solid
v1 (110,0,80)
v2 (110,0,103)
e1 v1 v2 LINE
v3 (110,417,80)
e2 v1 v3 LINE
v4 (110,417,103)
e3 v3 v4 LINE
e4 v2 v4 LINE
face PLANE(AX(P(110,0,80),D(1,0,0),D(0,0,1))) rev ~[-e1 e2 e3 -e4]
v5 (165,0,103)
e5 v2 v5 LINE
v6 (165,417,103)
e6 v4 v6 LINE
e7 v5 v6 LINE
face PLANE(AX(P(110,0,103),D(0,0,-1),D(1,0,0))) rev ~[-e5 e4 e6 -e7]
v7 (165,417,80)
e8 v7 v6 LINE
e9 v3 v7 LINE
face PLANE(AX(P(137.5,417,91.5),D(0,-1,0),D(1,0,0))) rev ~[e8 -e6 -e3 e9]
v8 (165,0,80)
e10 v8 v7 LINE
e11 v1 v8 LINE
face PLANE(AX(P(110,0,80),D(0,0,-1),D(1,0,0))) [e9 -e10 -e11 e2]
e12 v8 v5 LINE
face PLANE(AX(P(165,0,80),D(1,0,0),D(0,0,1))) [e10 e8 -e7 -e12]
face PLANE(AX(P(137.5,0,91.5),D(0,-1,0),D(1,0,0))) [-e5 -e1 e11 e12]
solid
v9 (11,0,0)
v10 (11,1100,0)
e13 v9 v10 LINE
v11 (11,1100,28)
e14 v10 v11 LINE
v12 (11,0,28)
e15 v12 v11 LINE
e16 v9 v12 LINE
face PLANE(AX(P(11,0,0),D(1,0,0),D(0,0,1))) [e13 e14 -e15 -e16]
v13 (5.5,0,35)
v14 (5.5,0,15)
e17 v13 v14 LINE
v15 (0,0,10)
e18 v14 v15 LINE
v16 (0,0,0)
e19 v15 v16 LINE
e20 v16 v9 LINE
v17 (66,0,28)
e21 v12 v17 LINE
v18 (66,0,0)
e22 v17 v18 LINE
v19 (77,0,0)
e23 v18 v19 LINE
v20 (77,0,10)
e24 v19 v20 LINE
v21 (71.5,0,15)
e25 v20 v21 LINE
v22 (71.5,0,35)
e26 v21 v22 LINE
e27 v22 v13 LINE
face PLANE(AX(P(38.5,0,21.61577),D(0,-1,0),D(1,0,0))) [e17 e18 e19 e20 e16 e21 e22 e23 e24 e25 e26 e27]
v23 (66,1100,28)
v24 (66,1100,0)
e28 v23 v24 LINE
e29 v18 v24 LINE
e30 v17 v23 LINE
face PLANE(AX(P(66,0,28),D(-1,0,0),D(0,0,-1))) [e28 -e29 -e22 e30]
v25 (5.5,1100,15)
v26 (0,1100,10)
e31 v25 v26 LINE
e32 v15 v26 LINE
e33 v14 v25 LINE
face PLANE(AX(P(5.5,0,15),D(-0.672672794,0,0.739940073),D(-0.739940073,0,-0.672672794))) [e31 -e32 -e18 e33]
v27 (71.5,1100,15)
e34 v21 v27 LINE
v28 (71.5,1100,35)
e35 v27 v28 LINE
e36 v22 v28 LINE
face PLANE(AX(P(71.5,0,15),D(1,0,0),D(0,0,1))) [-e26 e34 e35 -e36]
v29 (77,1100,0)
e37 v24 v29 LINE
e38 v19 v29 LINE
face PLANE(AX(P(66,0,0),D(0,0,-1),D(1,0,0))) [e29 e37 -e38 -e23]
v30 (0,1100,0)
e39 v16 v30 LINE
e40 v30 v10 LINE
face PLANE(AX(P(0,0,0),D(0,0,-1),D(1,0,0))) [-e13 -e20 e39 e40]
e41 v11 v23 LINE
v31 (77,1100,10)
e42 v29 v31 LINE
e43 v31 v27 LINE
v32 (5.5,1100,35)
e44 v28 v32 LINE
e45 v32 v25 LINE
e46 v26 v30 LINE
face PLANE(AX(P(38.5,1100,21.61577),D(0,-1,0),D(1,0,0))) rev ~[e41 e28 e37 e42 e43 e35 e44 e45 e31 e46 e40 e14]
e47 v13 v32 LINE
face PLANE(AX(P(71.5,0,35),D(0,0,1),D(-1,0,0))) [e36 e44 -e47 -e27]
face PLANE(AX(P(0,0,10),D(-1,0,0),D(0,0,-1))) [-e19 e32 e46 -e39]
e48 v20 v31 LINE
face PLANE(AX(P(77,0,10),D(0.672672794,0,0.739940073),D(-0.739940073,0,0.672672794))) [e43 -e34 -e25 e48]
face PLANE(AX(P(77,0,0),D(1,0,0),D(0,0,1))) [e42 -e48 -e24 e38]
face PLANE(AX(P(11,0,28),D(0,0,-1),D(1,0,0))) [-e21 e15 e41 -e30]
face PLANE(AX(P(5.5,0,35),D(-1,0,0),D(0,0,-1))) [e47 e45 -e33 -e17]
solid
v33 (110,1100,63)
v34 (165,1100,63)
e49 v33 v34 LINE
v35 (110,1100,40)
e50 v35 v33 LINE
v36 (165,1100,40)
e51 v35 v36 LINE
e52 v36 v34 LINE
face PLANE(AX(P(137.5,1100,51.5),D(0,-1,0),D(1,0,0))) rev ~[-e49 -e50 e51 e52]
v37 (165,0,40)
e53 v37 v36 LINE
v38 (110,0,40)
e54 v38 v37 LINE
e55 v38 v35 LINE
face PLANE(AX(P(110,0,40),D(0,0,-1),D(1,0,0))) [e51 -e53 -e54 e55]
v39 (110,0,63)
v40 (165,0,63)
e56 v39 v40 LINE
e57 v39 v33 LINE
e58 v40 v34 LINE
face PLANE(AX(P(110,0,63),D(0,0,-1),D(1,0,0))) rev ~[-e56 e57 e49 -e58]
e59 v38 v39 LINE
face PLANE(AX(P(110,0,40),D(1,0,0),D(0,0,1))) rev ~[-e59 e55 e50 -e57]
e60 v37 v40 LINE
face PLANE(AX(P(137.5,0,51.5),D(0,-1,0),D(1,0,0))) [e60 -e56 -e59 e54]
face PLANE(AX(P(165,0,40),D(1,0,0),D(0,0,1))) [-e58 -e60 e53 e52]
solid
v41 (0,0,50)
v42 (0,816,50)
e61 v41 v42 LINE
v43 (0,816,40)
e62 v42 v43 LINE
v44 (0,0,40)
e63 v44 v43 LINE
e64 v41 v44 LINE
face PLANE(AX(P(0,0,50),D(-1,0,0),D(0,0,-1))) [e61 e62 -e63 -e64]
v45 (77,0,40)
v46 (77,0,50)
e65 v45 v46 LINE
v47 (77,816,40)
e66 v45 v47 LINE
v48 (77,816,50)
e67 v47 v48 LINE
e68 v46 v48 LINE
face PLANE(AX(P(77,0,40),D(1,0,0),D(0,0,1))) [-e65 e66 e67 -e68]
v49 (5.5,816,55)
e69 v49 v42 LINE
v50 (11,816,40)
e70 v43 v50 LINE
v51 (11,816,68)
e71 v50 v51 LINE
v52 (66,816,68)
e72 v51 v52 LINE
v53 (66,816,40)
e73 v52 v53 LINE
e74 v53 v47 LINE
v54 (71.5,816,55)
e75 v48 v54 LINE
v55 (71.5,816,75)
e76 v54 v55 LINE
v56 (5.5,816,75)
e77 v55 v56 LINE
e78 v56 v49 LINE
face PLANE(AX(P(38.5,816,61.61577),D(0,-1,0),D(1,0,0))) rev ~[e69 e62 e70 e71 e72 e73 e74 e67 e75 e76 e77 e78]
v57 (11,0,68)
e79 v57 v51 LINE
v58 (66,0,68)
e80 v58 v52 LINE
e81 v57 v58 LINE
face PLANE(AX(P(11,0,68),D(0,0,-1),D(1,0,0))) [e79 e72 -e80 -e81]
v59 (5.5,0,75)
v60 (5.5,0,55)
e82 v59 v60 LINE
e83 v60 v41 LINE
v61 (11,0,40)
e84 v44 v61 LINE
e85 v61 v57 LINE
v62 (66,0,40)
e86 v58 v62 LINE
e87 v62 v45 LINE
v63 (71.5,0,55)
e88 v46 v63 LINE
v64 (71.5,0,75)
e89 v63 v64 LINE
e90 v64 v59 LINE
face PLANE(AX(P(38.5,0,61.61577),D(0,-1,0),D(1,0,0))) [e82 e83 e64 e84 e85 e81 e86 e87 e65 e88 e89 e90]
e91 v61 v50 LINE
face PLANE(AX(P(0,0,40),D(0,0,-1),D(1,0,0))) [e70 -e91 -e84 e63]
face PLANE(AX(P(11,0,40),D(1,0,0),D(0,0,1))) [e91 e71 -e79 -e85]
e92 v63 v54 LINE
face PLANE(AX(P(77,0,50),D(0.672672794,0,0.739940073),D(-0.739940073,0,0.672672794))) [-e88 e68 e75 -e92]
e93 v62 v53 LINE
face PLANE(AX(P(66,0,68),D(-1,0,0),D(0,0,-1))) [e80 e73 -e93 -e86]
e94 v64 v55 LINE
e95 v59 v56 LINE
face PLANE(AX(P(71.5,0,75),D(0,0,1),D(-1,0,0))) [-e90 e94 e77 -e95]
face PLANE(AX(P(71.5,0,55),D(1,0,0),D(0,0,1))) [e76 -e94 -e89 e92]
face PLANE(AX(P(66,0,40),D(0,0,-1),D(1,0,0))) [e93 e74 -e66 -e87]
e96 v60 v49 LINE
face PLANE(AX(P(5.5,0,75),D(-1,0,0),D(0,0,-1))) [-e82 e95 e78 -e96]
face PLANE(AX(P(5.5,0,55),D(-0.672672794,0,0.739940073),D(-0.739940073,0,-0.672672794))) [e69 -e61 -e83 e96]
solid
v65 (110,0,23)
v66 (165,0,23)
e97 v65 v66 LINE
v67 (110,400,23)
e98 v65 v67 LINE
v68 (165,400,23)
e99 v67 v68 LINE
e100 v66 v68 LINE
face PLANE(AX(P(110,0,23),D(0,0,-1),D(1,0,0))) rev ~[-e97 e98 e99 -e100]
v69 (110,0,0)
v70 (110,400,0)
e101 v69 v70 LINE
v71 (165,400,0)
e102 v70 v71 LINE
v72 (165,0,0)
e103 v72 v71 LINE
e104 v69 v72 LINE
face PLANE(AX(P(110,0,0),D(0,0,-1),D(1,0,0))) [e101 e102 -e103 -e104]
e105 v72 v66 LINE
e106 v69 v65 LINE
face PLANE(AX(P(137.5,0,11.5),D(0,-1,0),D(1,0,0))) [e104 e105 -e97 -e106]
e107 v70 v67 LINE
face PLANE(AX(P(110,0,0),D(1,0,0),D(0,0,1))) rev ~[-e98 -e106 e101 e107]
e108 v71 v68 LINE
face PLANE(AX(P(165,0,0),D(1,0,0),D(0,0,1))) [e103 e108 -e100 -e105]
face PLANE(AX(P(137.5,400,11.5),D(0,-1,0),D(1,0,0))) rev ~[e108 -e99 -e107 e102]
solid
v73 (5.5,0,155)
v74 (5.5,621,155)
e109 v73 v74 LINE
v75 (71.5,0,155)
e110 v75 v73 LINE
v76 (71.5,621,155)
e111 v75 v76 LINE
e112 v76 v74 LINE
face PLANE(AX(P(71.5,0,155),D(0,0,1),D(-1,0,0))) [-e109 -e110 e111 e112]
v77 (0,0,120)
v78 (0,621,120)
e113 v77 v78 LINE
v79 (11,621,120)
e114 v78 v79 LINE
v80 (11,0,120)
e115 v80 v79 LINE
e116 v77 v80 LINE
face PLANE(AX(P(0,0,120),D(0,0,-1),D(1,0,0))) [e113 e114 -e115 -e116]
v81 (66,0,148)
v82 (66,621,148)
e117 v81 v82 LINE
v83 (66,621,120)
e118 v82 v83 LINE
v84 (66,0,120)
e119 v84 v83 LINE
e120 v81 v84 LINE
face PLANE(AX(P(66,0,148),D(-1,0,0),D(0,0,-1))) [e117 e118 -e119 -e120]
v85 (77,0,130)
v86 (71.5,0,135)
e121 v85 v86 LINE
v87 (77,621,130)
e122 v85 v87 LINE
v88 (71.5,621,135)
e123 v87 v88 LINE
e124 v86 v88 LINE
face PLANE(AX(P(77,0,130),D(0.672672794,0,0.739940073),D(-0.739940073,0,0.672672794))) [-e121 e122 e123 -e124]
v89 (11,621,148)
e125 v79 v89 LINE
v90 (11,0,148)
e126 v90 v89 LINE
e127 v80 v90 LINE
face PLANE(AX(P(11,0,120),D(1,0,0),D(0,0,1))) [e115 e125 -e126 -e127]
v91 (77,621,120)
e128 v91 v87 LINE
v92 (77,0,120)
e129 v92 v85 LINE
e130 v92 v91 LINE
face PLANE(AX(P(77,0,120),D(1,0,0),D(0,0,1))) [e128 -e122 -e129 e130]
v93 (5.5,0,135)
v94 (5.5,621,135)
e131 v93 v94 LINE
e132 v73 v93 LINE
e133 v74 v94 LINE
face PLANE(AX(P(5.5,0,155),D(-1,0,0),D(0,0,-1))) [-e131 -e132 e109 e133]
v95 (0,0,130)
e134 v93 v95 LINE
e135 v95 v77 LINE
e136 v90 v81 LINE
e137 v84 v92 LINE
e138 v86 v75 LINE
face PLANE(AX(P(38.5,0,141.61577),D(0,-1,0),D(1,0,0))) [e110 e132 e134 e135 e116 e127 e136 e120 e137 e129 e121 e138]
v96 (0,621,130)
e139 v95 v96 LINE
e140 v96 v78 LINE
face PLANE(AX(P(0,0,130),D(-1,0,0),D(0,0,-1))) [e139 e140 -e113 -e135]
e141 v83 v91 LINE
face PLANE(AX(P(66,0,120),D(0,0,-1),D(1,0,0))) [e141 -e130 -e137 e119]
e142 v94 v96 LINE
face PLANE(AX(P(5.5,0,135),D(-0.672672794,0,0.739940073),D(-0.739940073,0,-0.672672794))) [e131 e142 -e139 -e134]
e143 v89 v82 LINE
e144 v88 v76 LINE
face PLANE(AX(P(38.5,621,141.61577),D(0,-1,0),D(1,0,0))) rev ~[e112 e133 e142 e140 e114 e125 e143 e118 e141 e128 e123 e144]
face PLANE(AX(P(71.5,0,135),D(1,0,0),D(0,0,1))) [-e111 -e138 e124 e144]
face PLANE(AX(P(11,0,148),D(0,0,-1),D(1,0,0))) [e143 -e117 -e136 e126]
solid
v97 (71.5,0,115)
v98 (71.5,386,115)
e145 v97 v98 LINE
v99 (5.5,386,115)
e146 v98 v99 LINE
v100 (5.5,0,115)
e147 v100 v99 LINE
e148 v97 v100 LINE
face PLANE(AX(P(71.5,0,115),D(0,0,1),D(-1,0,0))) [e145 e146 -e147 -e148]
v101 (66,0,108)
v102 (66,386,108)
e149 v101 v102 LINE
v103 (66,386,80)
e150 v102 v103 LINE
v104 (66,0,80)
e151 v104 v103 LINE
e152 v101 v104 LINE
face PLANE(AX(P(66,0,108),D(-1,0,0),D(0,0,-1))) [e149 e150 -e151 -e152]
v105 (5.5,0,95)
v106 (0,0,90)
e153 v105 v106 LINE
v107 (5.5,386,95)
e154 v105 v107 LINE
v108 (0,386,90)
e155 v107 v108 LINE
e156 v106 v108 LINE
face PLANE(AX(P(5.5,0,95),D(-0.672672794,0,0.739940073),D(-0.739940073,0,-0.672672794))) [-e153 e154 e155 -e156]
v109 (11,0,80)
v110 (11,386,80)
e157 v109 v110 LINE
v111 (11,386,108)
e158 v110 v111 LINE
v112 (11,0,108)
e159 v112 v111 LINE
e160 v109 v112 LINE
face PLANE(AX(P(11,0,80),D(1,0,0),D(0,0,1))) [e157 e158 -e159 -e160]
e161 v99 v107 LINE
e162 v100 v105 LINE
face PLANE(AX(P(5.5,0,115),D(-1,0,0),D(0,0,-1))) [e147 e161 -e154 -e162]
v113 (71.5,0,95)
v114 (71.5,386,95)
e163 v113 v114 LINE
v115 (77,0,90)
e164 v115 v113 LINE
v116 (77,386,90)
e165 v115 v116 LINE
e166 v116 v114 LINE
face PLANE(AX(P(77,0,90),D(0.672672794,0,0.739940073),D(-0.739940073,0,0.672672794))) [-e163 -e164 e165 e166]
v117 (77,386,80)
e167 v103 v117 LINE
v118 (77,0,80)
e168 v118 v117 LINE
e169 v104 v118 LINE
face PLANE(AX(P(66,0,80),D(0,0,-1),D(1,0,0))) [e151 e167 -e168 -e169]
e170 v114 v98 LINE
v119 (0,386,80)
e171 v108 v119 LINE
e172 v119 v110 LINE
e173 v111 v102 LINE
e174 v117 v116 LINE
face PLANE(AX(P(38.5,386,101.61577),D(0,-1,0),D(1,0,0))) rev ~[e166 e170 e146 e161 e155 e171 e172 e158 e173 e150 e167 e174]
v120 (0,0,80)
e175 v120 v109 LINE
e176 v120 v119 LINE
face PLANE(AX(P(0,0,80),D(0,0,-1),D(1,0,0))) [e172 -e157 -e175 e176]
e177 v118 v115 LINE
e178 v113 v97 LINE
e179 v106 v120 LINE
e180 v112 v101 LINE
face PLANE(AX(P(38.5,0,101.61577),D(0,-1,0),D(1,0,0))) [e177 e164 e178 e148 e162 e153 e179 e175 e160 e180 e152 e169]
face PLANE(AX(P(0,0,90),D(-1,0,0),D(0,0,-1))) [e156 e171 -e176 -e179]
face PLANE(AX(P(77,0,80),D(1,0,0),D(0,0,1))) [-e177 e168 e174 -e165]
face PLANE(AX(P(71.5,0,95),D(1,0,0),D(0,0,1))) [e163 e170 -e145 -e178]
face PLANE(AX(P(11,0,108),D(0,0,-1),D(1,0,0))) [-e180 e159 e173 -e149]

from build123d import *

# Parameters (mm, degrees)
F1_DEPTH = 1100
F2_DEPTH = 816
F3_DEPTH = 386
F4_DEPTH = 621
F5_W     = 55
F5_H     = 23
F6_DEPTH = 400
F7_DEPTH = 1100
F8_DEPTH = 417


with BuildPart() as f1:
    # F0 (on Front) → F1 (new body)
    with BuildSketch(Plane.XZ):
        Polygon((0, 10), (0, 0), (11, 0), (11, 28), (66, 28), (66, 0), (77, 0), (77, 10), (71.5, 15), (71.5, 35), (5.5, 35), (5.5, 15), align=None)
    extrude(amount=-F1_DEPTH)


with BuildPart() as f2:
    # F0 (on Front) → F2 (new body)
    with BuildSketch(Plane.XZ):
        Polygon((0, 50), (0, 40), (11, 40), (11, 68), (66, 68), (66, 40), (77, 40), (77, 50), (71.5, 55), (71.5, 75), (5.5, 75), (5.5, 55), align=None)
    extrude(amount=-F2_DEPTH)


with BuildPart() as f3:
    # F0 (on Front) → F3 (new body)
    with BuildSketch(Plane.XZ):
        Polygon((0, 90), (0, 80), (11, 80), (11, 108), (66, 108), (66, 80), (77, 80), (77, 90), (71.5, 95), (71.5, 115), (5.5, 115), (5.5, 95), align=None)
    extrude(amount=-F3_DEPTH)


with BuildPart() as f4:
    # F0 (on Front) → F4 (new body)
    with BuildSketch(Plane.XZ):
        Polygon((0, 130), (0, 120), (11, 120), (11, 148), (66, 148), (66, 120), (77, 120), (77, 130), (71.5, 135), (71.5, 155), (5.5, 155), (5.5, 135), align=None)
    extrude(amount=-F4_DEPTH)


with BuildPart() as f6:
    # F5 (on Front) → F6 (new body)
    with BuildSketch(Plane.XZ):
        with Locations((137.5, 11.5)):
            Rectangle(F5_W, F5_H)
    extrude(amount=-F6_DEPTH)


with BuildPart() as f7:
    # F5 (on Front) → F7 (new body)
    with BuildSketch(Plane.XZ):
        with Locations((137.5, 51.5)):
            Rectangle(F5_W, F5_H)
    extrude(amount=-F7_DEPTH)


with BuildPart() as f8:
    # F5 (on Front) → F8 (new body)
    with BuildSketch(Plane.XZ):
        with Locations((137.5, 91.5)):
            Rectangle(F5_W, F5_H)
    extrude(amount=-F8_DEPTH)


solid = Compound([f1.part, f2.part, f3.part, f4.part, f6.part, f7.part, f8.part])
